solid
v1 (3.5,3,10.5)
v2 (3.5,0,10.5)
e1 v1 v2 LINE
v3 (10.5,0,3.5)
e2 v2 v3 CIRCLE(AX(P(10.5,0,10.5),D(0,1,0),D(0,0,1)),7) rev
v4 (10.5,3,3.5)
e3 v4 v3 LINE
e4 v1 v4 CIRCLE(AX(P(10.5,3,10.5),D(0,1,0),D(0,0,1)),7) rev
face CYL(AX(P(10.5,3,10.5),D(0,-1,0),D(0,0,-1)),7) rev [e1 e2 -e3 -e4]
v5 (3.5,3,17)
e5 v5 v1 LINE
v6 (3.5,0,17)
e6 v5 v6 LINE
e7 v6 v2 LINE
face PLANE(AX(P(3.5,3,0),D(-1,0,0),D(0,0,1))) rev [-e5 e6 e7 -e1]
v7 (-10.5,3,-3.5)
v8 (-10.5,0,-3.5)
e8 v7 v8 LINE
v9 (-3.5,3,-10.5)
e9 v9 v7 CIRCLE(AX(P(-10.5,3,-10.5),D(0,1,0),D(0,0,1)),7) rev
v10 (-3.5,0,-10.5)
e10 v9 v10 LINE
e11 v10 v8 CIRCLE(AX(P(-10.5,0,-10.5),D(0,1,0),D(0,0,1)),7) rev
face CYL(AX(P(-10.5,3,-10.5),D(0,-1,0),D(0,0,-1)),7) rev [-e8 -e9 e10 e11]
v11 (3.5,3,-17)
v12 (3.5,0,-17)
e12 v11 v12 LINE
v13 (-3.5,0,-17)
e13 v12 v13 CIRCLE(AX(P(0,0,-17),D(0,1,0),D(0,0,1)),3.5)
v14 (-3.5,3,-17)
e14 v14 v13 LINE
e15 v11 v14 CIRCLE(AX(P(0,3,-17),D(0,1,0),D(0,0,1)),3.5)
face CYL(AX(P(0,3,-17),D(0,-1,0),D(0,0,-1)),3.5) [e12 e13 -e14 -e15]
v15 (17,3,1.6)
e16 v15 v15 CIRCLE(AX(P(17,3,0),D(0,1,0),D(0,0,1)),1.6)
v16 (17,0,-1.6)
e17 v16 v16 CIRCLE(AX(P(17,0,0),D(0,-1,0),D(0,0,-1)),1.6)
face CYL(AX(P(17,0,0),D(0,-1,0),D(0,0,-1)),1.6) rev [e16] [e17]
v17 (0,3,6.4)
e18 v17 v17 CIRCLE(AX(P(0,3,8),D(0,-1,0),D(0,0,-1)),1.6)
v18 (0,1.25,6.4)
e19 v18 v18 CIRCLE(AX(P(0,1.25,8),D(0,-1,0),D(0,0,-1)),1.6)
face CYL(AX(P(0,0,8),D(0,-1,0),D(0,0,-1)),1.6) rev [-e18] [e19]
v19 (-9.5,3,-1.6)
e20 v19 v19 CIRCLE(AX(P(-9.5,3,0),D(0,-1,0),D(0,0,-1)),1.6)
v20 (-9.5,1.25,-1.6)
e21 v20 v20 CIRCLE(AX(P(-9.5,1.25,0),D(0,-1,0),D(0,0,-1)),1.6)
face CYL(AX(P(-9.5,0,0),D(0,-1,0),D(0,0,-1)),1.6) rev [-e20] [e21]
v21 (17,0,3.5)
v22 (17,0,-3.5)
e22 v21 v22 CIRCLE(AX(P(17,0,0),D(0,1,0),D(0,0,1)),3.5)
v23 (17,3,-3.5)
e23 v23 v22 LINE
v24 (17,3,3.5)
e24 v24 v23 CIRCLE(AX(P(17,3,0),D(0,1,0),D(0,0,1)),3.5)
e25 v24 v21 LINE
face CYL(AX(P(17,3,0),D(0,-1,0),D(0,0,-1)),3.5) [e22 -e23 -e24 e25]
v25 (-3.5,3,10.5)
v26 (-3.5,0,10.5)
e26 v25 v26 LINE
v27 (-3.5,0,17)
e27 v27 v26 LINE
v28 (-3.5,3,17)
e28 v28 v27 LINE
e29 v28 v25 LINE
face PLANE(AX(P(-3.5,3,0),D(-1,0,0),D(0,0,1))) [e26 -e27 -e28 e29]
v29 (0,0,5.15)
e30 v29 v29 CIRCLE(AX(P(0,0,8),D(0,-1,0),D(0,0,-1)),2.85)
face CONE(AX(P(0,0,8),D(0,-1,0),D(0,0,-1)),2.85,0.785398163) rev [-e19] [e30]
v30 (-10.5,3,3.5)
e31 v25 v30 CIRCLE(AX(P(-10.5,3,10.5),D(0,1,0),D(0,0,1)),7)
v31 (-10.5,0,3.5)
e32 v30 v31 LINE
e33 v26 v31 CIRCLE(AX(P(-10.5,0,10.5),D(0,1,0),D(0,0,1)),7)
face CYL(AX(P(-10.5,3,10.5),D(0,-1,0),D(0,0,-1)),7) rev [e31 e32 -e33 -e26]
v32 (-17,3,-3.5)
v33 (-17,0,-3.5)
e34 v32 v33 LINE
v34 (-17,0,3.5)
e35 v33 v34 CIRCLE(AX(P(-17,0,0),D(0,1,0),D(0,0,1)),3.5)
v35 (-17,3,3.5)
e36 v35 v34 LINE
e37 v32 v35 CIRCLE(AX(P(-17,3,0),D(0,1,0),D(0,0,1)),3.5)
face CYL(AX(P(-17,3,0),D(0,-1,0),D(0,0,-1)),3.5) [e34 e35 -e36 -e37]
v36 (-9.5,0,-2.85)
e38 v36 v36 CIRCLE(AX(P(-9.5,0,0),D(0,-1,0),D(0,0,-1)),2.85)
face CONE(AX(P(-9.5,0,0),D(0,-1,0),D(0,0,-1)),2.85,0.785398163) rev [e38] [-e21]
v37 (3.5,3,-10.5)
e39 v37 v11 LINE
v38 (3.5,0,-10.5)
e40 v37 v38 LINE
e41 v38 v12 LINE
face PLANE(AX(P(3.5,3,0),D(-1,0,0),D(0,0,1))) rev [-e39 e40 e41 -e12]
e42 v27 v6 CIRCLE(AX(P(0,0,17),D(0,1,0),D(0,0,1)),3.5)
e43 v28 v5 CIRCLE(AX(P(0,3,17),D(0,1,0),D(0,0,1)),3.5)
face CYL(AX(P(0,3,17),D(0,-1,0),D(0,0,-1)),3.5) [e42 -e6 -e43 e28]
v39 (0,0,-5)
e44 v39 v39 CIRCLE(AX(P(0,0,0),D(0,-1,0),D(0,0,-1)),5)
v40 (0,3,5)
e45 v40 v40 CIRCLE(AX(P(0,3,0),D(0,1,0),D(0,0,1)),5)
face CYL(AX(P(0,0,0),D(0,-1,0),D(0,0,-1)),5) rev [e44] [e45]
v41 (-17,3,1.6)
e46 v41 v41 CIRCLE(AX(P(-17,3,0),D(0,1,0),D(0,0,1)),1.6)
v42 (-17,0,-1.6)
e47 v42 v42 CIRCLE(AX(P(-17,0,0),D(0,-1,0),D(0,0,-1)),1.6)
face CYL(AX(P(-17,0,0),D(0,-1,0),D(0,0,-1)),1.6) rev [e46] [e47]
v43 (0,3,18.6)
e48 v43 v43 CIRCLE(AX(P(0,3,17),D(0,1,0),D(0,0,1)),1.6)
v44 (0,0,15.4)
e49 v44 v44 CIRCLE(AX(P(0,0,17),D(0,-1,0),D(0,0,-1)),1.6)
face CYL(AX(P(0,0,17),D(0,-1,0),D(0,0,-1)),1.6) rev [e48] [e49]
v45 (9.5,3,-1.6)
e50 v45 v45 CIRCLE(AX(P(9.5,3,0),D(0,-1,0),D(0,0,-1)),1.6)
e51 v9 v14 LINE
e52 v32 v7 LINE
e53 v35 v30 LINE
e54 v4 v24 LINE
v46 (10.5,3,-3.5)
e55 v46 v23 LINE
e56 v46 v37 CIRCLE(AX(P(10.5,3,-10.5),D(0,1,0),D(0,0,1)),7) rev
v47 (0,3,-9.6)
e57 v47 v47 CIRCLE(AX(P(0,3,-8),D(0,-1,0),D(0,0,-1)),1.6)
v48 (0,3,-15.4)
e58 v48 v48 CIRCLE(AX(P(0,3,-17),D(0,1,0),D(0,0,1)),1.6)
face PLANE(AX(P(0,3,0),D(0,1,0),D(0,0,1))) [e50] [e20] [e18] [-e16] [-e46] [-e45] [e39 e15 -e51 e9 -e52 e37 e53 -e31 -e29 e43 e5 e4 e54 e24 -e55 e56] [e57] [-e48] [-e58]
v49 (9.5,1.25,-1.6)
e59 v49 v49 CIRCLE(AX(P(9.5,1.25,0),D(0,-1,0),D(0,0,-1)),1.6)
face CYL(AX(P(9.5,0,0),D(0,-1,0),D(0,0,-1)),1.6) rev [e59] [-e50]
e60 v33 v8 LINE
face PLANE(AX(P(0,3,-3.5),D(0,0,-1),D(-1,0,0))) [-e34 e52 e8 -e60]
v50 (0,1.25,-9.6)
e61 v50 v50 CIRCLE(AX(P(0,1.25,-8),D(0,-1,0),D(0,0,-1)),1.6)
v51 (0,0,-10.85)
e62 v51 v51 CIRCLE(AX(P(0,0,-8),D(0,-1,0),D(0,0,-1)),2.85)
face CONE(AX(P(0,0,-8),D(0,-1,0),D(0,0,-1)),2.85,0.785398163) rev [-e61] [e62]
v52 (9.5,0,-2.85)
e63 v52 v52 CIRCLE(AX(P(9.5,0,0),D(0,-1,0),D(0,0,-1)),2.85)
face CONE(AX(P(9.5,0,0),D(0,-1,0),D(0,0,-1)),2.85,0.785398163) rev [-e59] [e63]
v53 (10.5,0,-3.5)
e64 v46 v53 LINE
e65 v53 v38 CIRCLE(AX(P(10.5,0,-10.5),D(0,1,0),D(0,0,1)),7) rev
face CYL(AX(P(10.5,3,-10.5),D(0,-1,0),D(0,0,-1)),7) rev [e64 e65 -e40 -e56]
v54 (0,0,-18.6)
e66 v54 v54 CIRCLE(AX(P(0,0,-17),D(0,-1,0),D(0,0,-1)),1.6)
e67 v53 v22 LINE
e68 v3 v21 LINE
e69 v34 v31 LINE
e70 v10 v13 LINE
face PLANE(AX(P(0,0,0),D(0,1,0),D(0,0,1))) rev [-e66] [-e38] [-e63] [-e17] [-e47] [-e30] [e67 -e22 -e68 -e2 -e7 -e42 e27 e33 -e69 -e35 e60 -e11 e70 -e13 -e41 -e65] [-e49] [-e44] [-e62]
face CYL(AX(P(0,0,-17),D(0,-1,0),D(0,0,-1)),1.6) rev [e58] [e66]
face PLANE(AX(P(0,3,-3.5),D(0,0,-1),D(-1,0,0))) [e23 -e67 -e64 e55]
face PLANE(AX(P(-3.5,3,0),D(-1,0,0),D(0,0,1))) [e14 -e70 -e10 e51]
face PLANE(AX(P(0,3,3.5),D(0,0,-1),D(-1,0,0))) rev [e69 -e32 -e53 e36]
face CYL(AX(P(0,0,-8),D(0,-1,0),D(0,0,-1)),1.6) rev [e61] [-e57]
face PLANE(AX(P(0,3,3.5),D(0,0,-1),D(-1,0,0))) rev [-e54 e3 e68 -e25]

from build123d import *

# Parameters (mm, degrees)
BOSS_EXTRUDE1_DEPTH                             = 3
F_10_0_10_DIAMETER_HOLE1_D                      = 10
F_10_0_10_DIAMETER_HOLE1_DEPTH                  = 10
F_10_0_10_DIAMETER_HOLE1_TIP                    = 3.004303095
CIRPATTERN1_COUNT                               = 4
CSK_FOR_M3_FLAT_HEAD_MACHINE_SCREW1_D           = 3.2
CSK_FOR_M3_FLAT_HEAD_MACHINE_SCREW1_CSINK_D     = 5.7
CSK_FOR_M3_FLAT_HEAD_MACHINE_SCREW1_CSINK_ANGLE = 90


with BuildPart() as part:
    # Sketch1 → Boss-Extrude1 (new body)
    with BuildSketch(Plane(origin=(0, 0, 0), x_dir=(1, 0, 0), z_dir=(0, 1, 0))):
        with BuildLine():
            ThreePointArc((-3.5, -17), (0, -20.5), (3.5, -17))
            Line((3.5, -17), (3.5, -10.5))
            ThreePointArc((3.5, -10.5), (5.550252532, -5.550252532), (10.5, -3.5))
            Line((10.5, -3.5), (17, -3.5))
            ThreePointArc((17, -3.5), (20.5, 0), (17, 3.5))
            Line((17, 3.5), (10.5, 3.5))
            ThreePointArc((10.5, 3.5), (5.550252532, 5.550252532), (3.5, 10.5))
            Line((3.5, 10.5), (3.5, 17))
            ThreePointArc((3.5, 17), (0, 20.5), (-3.5, 17))
            Line((-3.5, 17), (-3.5, 10.5))
            ThreePointArc((-3.5, 10.5), (-5.550252532, 5.550252532), (-10.5, 3.5))
            Line((-10.5, 3.5), (-17, 3.5))
            ThreePointArc((-17, 3.5), (-20.5, 0), (-17, -3.5))
            Line((-17, -3.5), (-10.5, -3.5))
            ThreePointArc((-10.5, -3.5), (-5.550252532, -5.550252532), (-3.5, -10.5))
            Line((-3.5, -10.5), (-3.5, -17))
        make_face()
    extrude(amount=BOSS_EXTRUDE1_DEPTH)

    # Ø10.0 (10) Diameter Hole1
    with Locations(Plane(origin=(0, 0, 0), x_dir=(0, 0, -1), z_dir=(0, -1, 0))):
        with Locations((0, 0)):
            Hole(F_10_0_10_DIAMETER_HOLE1_D / 2, depth=F_10_0_10_DIAMETER_HOLE1_DEPTH)
            with Locations((0, 0, -(F_10_0_10_DIAMETER_HOLE1_DEPTH + F_10_0_10_DIAMETER_HOLE1_TIP / 2))):  # 118° drill point
                Cone(0, F_10_0_10_DIAMETER_HOLE1_D / 2, F_10_0_10_DIAMETER_HOLE1_TIP, mode=Mode.SUBTRACT)

    # Sketch8 → Ø3.2 (3.2) Diameter Hole3 (revolve, cut)
    with BuildSketch(Plane(origin=(0, 0, 17), x_dir=(0, 0, -1), z_dir=(1, 0, 0))):
        Polygon((0, 0), (0, 10.96137699), (1.6, 10), (1.6, 0), align=None)
    f_3_2_3_2_diameter_hole3 = revolve(axis=Axis((0, -6.35, 17), (0, 1, 0)), mode=Mode.SUBTRACT)

    # CirPattern1: Ø3.2 (3.2) Diameter Hole3 ×4 about axis
    cirpattern1_axis = Axis((0, 0, 0), (0, 1, 0))
    for i in range(1, CIRPATTERN1_COUNT):
        add(f_3_2_3_2_diameter_hole3.rotate(cirpattern1_axis, i * 360 / CIRPATTERN1_COUNT), mode=Mode.SUBTRACT)

    # CSK for M3 Flat Head Machine Screw1 (through all)
    with Locations(Plane(origin=(0, 0, -8), x_dir=(0, 0, -1), z_dir=(0, -1, 0))):
        with Locations((0, 0), (-16, 0), (-8, -9.5), (-8, 9.5)):
            CounterSinkHole(CSK_FOR_M3_FLAT_HEAD_MACHINE_SCREW1_D / 2, CSK_FOR_M3_FLAT_HEAD_MACHINE_SCREW1_CSINK_D / 2, counter_sink_angle=CSK_FOR_M3_FLAT_HEAD_MACHINE_SCREW1_CSINK_ANGLE)


solid = part.part
